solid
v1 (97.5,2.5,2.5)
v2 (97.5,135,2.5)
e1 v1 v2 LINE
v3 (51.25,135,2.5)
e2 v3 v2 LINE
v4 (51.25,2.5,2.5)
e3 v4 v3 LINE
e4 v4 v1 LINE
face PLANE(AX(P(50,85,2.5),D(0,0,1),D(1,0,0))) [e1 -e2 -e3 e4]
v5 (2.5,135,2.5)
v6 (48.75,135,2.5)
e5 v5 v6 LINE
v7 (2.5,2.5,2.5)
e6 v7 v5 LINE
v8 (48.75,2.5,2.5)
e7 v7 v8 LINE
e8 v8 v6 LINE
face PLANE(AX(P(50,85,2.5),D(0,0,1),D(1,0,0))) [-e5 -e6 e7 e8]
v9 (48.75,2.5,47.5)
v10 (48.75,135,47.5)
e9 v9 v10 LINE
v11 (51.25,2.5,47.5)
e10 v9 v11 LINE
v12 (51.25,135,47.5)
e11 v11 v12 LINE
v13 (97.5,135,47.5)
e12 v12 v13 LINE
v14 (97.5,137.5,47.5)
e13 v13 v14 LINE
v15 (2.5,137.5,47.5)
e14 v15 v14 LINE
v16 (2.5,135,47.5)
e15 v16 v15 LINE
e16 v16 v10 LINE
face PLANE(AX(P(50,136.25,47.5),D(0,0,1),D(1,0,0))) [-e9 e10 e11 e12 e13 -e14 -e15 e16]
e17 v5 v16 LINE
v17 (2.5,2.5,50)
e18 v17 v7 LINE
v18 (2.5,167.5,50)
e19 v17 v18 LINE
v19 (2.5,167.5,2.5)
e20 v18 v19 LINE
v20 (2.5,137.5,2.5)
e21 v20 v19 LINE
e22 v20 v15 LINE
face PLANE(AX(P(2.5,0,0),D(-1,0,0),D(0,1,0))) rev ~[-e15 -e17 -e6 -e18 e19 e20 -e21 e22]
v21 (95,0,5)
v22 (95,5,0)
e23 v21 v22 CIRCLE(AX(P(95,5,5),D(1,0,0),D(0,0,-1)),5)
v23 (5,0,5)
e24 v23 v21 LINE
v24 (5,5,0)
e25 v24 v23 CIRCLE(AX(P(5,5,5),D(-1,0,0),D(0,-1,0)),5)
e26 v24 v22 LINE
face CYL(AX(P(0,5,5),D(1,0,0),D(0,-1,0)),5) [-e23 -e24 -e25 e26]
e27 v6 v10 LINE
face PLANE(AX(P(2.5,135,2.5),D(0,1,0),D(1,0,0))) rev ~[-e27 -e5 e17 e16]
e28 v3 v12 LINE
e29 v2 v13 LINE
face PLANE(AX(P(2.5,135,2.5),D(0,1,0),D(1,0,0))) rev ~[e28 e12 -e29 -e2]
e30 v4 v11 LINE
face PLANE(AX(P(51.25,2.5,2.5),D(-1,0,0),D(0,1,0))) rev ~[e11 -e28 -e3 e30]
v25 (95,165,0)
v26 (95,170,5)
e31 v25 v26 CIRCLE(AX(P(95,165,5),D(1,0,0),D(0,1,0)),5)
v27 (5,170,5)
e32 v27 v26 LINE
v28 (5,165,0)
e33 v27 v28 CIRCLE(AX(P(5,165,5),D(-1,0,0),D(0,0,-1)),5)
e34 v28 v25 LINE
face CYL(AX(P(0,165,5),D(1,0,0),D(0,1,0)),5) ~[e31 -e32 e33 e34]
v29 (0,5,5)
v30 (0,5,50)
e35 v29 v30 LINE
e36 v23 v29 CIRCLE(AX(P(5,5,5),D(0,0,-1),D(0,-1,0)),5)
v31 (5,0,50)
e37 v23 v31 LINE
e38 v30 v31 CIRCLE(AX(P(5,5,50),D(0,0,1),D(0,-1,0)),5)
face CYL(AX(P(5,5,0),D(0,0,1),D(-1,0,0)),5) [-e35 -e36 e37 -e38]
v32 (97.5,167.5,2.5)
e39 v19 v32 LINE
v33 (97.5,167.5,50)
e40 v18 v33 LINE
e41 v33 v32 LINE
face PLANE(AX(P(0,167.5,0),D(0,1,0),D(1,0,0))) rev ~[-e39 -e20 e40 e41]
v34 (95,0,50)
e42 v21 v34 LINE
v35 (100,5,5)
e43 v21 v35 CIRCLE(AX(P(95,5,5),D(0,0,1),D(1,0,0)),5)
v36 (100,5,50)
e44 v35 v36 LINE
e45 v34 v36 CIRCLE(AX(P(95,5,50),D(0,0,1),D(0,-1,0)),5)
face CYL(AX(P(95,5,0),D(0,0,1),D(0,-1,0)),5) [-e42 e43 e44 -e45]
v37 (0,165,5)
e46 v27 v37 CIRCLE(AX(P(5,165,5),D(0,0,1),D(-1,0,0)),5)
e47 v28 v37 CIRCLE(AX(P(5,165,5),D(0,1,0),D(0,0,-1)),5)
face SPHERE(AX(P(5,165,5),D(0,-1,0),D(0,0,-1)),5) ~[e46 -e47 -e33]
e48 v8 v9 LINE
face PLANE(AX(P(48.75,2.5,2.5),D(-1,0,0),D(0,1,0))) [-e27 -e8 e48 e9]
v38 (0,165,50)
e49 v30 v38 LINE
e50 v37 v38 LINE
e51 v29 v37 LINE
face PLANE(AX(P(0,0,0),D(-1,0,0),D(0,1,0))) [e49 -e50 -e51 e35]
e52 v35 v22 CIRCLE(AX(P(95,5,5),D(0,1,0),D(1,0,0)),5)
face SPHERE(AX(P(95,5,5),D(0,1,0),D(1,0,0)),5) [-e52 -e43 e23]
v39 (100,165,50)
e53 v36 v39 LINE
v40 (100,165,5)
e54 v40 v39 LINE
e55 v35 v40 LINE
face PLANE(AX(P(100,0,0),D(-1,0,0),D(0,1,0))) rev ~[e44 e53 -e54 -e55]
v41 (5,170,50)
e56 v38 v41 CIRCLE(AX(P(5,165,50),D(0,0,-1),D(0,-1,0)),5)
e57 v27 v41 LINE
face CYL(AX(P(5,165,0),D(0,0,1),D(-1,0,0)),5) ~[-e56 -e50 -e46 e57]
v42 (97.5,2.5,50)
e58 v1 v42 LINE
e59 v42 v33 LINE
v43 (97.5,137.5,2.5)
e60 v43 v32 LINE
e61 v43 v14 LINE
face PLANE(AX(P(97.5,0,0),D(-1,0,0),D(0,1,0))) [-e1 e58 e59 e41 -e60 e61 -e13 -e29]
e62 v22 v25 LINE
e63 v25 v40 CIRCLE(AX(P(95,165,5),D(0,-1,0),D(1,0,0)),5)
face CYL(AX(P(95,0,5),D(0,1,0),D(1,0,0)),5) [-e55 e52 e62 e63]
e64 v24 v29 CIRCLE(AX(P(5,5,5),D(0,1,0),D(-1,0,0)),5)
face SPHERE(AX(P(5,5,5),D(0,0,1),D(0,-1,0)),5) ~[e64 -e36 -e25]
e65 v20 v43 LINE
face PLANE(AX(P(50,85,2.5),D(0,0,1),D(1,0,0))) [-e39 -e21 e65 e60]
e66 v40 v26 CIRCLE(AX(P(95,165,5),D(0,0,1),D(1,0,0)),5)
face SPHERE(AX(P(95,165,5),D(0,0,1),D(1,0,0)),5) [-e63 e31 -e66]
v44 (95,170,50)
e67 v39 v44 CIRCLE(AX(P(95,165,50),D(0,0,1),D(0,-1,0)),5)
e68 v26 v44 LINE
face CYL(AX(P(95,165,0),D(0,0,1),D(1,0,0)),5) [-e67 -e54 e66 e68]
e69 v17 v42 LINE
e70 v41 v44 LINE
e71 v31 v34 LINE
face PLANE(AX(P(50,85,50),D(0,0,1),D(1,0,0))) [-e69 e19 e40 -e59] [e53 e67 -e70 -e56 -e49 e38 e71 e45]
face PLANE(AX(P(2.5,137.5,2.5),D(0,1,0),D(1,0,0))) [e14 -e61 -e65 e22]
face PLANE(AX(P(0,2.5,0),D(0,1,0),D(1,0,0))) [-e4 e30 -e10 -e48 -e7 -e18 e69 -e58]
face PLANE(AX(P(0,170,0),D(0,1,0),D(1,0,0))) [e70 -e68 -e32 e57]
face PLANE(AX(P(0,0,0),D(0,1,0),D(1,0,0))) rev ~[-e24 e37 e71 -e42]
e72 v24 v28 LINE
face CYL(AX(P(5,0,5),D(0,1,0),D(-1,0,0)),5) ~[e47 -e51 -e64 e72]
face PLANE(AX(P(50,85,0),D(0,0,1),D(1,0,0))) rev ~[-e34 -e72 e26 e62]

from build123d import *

# Parameters (mm, degrees)
F0_W     = 100
F0_H     = 170
F1_DEPTH = 50
F2_T     = -2.5
F3_R     = 5
F4_W     = 95
F4_H     = 2.5
F5_DEPTH = 45
F6_W     = 2.5
F6_H     = 132.5
F7_DEPTH = 45


with BuildPart() as f1:
    # F0 (on Top) → F1 (new body)
    with BuildSketch(Plane.XY):
        with Locations((50, 85)):
            Rectangle(F0_W, F0_H)
    extrude(amount=F1_DEPTH)

    # F2
    f2_openings = [f1.faces().sort_by_distance(p)[0] for p in [
        (50, 85, 50),
    ]]
    offset(amount=F2_T, openings=f2_openings)

    # F3
    f3_edges = [f1.edges().sort_by_distance(p)[0] for p in [
        (100, 170, 25),
        (100, 85, 0),
        (100, 0, 25),
        (0, 0, 25),
        (50, 0, 0),
        (0, 85, 0),
        (50, 170, 0),
        (0, 170, 25),
    ]]
    fillet(f3_edges, radius=F3_R)

    # F4 (on face) → F5 (join)
    with BuildSketch(Plane.XY.offset(2.5)):
        with Locations((50, 136.25)):
            Rectangle(F4_W, F4_H)
    extrude(amount=F5_DEPTH)

    # F6 (on face) → F7 (join)
    with BuildSketch(Plane.XY.offset(2.5)):
        with Locations((50, 68.75)):
            Rectangle(F6_W, F6_H)
    extrude(amount=F7_DEPTH)


solid = f1.part
